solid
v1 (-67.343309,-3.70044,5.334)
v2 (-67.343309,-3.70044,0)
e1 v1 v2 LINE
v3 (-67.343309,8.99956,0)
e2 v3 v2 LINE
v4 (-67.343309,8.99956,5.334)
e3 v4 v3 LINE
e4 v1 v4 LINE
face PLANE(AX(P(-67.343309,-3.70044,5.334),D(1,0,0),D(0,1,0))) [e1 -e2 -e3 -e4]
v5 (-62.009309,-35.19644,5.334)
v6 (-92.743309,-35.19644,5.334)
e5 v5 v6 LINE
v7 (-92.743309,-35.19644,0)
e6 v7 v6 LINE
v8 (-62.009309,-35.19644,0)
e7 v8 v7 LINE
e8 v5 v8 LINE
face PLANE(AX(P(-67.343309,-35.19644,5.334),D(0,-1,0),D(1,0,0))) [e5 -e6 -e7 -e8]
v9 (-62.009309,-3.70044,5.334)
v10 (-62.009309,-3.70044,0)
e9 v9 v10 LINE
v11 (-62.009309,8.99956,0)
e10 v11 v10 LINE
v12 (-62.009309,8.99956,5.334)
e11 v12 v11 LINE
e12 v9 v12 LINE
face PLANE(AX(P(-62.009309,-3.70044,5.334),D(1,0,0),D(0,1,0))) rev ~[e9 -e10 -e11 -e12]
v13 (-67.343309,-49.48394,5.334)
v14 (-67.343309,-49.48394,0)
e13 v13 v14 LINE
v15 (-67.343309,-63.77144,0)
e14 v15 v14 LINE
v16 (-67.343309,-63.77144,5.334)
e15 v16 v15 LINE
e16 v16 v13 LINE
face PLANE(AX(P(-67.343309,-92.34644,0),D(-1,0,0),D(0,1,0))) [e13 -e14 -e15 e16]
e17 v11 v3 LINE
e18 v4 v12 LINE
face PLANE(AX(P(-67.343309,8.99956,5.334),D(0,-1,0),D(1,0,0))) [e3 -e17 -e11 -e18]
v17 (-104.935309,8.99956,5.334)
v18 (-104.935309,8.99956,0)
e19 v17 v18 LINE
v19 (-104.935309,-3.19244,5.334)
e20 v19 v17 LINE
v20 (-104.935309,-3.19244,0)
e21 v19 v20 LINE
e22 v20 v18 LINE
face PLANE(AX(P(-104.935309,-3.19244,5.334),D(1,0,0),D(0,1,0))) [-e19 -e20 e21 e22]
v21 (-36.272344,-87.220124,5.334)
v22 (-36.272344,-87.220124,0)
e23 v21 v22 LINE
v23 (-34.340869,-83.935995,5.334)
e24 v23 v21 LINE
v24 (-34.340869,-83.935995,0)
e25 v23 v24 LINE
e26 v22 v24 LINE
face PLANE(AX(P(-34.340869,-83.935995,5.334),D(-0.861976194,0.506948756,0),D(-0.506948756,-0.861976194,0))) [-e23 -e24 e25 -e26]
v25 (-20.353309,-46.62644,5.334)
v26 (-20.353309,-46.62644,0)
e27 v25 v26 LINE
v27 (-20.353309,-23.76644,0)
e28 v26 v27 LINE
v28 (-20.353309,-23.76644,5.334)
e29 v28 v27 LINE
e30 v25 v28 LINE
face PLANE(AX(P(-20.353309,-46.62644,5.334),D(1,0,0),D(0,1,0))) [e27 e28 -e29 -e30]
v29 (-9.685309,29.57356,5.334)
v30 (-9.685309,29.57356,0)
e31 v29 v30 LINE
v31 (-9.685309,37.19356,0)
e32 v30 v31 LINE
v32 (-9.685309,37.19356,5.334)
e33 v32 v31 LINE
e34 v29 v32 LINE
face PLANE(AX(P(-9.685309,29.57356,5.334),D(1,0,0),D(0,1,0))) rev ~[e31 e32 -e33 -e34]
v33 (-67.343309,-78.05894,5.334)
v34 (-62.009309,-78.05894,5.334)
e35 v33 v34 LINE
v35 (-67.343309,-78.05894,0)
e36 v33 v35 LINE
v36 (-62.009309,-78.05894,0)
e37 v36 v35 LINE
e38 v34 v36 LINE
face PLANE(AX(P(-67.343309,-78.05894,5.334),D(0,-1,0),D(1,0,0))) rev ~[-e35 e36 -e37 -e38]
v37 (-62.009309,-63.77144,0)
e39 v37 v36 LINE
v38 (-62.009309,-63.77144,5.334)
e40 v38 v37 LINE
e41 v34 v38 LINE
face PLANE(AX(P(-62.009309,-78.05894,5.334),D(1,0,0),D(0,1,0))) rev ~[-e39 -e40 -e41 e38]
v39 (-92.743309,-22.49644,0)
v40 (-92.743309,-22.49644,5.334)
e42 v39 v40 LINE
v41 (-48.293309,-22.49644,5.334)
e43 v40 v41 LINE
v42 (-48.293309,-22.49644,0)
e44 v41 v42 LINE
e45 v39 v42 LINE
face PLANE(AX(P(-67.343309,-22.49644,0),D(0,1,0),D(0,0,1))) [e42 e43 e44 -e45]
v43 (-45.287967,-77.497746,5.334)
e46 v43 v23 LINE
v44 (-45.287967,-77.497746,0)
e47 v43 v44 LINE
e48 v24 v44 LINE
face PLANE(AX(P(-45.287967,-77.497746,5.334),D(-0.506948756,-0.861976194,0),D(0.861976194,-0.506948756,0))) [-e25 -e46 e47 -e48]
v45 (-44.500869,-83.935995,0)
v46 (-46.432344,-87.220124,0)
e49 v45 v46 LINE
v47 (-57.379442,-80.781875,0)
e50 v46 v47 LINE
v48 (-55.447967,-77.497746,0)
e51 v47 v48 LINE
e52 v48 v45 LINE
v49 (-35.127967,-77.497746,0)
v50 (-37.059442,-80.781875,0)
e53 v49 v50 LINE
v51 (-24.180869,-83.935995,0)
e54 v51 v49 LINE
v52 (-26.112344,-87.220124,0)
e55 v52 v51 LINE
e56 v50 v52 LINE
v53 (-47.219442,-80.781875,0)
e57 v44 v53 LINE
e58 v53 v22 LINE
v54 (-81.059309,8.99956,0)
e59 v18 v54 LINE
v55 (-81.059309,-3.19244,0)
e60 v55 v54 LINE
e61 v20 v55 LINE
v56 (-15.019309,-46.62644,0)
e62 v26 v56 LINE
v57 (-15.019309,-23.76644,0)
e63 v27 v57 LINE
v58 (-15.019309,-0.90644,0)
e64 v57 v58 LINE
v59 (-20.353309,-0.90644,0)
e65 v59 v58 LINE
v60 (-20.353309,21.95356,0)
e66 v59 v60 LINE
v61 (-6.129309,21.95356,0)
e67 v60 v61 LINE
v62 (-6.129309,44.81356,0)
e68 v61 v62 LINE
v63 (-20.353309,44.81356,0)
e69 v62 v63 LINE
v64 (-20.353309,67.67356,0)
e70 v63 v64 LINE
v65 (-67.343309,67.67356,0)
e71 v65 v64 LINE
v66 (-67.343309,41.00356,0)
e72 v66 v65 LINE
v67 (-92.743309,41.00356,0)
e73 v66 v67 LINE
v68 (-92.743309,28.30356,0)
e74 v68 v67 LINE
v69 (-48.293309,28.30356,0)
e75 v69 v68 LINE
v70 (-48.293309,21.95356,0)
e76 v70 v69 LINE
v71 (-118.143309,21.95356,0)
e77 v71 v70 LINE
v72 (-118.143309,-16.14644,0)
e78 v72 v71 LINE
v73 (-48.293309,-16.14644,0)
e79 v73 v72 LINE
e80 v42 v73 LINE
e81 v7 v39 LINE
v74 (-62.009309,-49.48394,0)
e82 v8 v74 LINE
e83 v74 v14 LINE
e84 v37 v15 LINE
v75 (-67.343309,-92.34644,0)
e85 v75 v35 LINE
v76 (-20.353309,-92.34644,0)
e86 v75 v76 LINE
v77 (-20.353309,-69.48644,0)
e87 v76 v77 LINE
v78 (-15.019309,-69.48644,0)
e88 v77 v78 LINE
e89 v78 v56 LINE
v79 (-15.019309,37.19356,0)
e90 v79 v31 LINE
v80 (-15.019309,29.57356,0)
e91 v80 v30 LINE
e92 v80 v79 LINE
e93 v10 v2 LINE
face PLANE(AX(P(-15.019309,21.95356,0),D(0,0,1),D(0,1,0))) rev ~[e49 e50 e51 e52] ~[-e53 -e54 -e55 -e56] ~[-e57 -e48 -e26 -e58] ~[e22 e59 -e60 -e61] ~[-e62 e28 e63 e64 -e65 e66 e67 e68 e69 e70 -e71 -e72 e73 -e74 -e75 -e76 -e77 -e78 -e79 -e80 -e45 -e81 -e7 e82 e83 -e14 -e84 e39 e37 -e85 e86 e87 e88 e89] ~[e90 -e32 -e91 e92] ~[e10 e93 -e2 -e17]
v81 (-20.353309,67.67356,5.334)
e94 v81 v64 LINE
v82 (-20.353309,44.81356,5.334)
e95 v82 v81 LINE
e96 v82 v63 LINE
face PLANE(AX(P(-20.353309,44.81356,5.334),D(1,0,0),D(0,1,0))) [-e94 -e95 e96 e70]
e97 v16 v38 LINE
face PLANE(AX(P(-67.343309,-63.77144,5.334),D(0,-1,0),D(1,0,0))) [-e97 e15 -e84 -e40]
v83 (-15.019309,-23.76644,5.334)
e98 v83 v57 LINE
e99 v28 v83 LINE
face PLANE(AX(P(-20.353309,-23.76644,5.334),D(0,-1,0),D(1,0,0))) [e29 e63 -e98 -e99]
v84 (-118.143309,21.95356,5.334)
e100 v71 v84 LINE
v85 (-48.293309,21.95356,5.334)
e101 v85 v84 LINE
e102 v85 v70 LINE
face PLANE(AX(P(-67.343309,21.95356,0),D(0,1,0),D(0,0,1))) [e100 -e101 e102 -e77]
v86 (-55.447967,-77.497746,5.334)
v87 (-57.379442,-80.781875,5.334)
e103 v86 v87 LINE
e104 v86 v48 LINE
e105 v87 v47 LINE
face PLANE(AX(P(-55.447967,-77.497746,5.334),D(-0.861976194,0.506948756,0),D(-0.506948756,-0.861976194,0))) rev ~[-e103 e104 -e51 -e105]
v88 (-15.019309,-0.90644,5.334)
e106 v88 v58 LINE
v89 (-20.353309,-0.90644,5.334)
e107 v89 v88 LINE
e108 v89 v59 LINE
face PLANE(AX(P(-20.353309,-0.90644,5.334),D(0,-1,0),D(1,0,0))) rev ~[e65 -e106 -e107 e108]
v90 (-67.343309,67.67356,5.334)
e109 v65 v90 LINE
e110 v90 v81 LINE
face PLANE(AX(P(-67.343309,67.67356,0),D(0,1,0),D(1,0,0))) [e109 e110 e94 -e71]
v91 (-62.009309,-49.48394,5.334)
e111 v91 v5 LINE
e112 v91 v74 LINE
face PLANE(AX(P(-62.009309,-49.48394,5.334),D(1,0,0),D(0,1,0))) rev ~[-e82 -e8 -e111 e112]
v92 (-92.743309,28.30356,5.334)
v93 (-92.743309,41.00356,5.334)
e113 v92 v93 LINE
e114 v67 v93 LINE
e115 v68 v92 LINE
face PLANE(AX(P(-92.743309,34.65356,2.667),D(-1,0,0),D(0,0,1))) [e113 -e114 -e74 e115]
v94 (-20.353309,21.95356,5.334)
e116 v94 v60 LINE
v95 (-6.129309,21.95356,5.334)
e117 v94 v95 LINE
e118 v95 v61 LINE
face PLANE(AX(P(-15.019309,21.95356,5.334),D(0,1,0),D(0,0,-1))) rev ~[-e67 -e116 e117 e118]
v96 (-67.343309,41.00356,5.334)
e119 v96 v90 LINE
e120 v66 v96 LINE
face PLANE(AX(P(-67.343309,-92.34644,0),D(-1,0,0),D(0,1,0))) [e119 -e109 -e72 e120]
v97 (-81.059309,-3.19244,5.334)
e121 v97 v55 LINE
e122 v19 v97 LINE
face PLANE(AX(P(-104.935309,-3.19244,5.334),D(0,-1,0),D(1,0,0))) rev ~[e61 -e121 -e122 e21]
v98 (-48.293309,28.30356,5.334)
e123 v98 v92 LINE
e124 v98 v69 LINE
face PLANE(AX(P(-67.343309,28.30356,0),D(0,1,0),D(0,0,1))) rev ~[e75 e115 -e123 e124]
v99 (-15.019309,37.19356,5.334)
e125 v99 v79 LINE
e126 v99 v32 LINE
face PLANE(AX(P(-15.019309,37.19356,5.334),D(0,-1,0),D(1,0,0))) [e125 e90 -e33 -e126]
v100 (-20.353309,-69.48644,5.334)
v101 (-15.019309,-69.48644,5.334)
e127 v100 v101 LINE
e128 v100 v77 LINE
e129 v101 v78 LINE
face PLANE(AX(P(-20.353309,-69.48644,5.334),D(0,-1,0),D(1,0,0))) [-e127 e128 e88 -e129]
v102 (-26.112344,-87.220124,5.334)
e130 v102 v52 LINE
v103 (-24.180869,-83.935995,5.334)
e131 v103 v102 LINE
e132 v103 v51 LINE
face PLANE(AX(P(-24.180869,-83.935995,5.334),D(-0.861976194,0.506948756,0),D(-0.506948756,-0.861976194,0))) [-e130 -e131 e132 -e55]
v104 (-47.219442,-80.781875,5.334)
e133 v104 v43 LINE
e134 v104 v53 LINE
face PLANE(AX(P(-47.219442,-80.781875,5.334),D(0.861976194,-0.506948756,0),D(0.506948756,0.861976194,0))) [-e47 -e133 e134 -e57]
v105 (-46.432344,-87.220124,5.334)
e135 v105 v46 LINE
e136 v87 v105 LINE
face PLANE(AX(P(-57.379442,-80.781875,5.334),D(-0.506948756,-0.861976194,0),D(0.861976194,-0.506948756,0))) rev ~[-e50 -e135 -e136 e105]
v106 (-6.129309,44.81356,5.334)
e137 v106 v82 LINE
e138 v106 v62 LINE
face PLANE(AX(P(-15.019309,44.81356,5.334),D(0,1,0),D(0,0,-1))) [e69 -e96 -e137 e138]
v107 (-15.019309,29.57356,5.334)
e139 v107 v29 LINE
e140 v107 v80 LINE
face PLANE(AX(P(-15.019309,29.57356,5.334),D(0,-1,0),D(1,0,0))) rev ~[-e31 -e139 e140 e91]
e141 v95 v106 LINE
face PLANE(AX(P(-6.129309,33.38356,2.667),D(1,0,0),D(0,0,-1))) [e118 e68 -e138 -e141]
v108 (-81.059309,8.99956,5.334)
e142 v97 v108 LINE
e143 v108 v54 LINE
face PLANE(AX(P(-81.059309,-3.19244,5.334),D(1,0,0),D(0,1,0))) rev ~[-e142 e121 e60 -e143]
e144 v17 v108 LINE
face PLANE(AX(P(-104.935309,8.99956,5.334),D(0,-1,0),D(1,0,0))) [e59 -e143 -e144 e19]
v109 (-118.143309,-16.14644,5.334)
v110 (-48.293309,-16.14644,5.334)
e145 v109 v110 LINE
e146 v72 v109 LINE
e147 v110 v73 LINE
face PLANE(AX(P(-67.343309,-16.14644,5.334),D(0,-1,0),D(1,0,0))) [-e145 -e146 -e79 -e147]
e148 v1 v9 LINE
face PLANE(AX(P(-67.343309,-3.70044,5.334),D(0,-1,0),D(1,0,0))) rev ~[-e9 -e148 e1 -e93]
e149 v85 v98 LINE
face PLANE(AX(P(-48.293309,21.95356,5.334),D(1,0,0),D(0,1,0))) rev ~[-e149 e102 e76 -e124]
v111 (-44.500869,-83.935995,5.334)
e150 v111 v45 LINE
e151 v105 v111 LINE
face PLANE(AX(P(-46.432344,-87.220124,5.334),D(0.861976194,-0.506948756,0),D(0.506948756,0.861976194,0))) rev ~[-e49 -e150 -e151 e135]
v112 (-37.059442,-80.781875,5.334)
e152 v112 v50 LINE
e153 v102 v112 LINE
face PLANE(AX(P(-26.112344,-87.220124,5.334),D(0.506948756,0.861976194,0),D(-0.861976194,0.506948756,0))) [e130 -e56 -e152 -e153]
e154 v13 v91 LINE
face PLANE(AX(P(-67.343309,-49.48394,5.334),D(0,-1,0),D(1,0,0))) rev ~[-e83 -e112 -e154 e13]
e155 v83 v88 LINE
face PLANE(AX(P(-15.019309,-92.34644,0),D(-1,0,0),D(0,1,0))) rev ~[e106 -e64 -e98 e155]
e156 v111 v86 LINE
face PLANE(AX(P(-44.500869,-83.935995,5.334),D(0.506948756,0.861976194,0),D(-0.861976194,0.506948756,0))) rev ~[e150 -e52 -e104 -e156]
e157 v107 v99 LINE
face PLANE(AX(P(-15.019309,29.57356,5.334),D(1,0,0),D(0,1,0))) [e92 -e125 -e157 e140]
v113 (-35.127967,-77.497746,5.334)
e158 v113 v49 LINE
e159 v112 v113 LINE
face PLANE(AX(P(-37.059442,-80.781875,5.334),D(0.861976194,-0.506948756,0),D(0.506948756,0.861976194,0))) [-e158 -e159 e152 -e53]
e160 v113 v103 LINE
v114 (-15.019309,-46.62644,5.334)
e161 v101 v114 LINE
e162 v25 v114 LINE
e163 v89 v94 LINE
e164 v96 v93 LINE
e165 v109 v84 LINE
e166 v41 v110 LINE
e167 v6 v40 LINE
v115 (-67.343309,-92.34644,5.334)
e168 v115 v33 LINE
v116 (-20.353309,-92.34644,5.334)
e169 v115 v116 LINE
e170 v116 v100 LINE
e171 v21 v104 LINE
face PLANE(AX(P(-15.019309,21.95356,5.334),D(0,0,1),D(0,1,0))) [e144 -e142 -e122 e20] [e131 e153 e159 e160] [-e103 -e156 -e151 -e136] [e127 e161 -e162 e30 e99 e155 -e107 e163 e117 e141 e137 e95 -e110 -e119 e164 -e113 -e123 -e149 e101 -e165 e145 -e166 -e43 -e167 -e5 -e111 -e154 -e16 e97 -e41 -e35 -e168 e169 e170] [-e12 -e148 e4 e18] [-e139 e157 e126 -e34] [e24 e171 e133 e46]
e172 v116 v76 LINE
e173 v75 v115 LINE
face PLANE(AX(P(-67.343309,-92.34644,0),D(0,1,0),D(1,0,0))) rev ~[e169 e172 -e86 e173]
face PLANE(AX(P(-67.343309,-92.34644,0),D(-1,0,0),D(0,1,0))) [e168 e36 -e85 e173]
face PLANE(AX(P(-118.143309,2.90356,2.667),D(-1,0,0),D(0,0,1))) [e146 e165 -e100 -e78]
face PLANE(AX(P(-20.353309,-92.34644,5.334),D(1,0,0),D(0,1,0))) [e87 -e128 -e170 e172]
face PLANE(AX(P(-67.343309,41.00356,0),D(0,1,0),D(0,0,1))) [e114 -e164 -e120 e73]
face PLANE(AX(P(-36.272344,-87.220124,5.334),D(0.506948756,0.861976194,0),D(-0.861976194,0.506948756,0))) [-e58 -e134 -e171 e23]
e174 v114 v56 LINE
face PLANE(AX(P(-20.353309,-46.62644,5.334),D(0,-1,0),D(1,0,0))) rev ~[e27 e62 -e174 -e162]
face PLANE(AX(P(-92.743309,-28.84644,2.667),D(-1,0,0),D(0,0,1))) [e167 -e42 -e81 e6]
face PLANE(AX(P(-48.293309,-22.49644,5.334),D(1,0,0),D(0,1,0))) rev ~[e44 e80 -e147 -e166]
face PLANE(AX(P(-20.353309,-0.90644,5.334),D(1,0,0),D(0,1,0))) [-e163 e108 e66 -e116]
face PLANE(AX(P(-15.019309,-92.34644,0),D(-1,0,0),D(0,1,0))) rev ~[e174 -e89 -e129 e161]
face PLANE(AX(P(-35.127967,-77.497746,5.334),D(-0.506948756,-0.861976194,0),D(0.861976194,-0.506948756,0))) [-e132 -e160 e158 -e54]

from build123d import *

# Parameters (mm, degrees)
SKETCH1_W           = 52.324
SKETCH1_H           = 160.02
BOSS_EXTRUDE1_DEPTH = 5.334
SKETCH2_W           = 5.334
SKETCH2_H           = 22.86
CUT_EXTRUDE1_DEPTH  = 115.417820658
SKETCH3_W           = 5.334
SKETCH3_H           = 38.1
BOSS_EXTRUDE2_DEPTH = 50.8
SKETCH4_W           = 23.876
SKETCH4_H           = 12.192
CUT_EXTRUDE2_DEPTH  = 151.047185381
SKETCH5_W           = 19.05
SKETCH5_H           = 6.35
CUT_EXTRUDE3_DEPTH  = 151.047185381
SKETCH6_W           = 5.334
SKETCH6_H           = 12.7
BOSS_EXTRUDE3_DEPTH = 25.4
SKETCH7_W           = 5.334
SKETCH7_H           = 12.7
BOSS_EXTRUDE4_DEPTH = 25.4
SKETCH8_W           = 5.334
SKETCH8_H           = 14.2875
CUT_EXTRUDE4_DEPTH  = 151.047185381
SKETCH9_W           = 5.334
SKETCH9_H           = 12.7
CUT_EXTRUDE5_DEPTH  = 151.047185381
CUT_EXTRUDE6_DEPTH  = 151.047185381
SKETCH11_W          = 5.334
SKETCH11_H          = 22.86
BOSS_EXTRUDE5_DEPTH = 8.89
SKETCH12_W          = 5.334
SKETCH12_H          = 7.62
CUT_EXTRUDE7_DEPTH  = 151.047185381


with BuildPart() as part:
    # Sketch1 → Boss-Extrude1 (new body)
    with BuildSketch(Plane.XY):
        with Locations((-41.181308627, -12.336439624)):
            Rectangle(SKETCH1_W, SKETCH1_H)
    extrude(amount=BOSS_EXTRUDE1_DEPTH)

    # Sketch2 → Cut-Extrude1 (cut, through all)
    with BuildSketch(Plane.XY.offset(5.334)):
        with Locations((-17.686308627, 56.243560376)):
            Rectangle(SKETCH2_W, SKETCH2_H)
        with Locations((-17.686308627, 10.523560376)):
            Rectangle(SKETCH2_W, SKETCH2_H)
        with Locations((-17.686308627, -35.196439624)):
            Rectangle(SKETCH2_W, SKETCH2_H)
        with Locations((-17.686308627, -80.916439624)):
            Rectangle(SKETCH2_W, SKETCH2_H)
    extrude(amount=-CUT_EXTRUDE1_DEPTH, mode=Mode.SUBTRACT)

    # Sketch3 → Boss-Extrude2 (add)
    with BuildSketch(Plane.ZY.offset(67.343308627)):
        with Locations((2.667, 2.903560376)):
            Rectangle(SKETCH3_W, SKETCH3_H)
    extrude(amount=BOSS_EXTRUDE2_DEPTH)

    # Sketch4 → Cut-Extrude2 (cut, through all)
    with BuildSketch(Plane.XY.offset(5.334)):
        with Locations((-92.997308627, 2.903560376)):
            Rectangle(SKETCH4_W, SKETCH4_H)
    extrude(amount=-CUT_EXTRUDE2_DEPTH, mode=Mode.SUBTRACT)

    # Sketch5 → Cut-Extrude3 (cut, through all)
    with BuildSketch(Plane.XY.offset(5.334)):
        with Locations((-57.818308627, 25.128560376)):
            Rectangle(SKETCH5_W, SKETCH5_H)
        with Locations((-57.818308627, -19.321439624)):
            Rectangle(SKETCH5_W, SKETCH5_H)
    extrude(amount=-CUT_EXTRUDE3_DEPTH, mode=Mode.SUBTRACT)

    # Sketch6 → Boss-Extrude3 (add)
    with BuildSketch(Plane.ZY.offset(67.343308627)):
        with Locations((2.667, 34.653560376)):
            Rectangle(SKETCH6_W, SKETCH6_H)
    extrude(amount=BOSS_EXTRUDE3_DEPTH)

    # Sketch7 → Boss-Extrude4 (add)
    with BuildSketch(Plane.ZY.offset(67.343308627)):
        with Locations((2.667, -28.846439624)):
            Rectangle(SKETCH7_W, SKETCH7_H)
    extrude(amount=BOSS_EXTRUDE4_DEPTH)

    # Sketch8 → Cut-Extrude4 (cut, through all)
    with BuildSketch(Plane.XY.offset(5.334)):
        with Locations((-64.676308627, -42.340189624)):
            Rectangle(SKETCH8_W, SKETCH8_H)
        with Locations((-64.676308627, -70.915189624)):
            Rectangle(SKETCH8_W, SKETCH8_H)
    extrude(amount=-CUT_EXTRUDE4_DEPTH, mode=Mode.SUBTRACT)

    # Sketch9 → Cut-Extrude5 (cut, through all)
    with BuildSketch(Plane.XY.offset(5.334)):
        with Locations((-64.676308627, 2.649560376)):
            Rectangle(SKETCH9_W, SKETCH9_H)
    extrude(amount=-CUT_EXTRUDE5_DEPTH, mode=Mode.SUBTRACT)

    # Sketch10 → Cut-Extrude6 (cut, through all)
    with BuildSketch(Plane.XY.offset(5.334)):
        Polygon((-57.379441561, -80.781874862), (-46.432343901, -87.220124068), (-44.50086914, -83.93599477), (-55.447966799, -77.497745564), align=None)
        Polygon((-45.287966799, -77.497745564), (-34.34086914, -83.93599477), (-36.272343901, -87.220124068), (-47.219441561, -80.781874862), align=None)
        Polygon((-35.127966799, -77.497745564), (-24.18086914, -83.93599477), (-26.112343901, -87.220124068), (-37.059441561, -80.781874862), align=None)
    extrude(amount=-CUT_EXTRUDE6_DEPTH, mode=Mode.SUBTRACT)

    # Sketch11 → Boss-Extrude5 (add)
    with BuildSketch(Plane(origin=(-15.019308627, 0, 0), x_dir=(0, 0, -1), z_dir=(1, 0, 0))):
        with Locations((-2.667, 33.383560376)):
            Rectangle(SKETCH11_W, SKETCH11_H)
    extrude(amount=BOSS_EXTRUDE5_DEPTH)

    # Sketch12 → Cut-Extrude7 (cut, through all)
    with BuildSketch(Plane.XY.offset(5.334)):
        with Locations((-12.352308627, 33.383560376)):
            Rectangle(SKETCH12_W, SKETCH12_H)
    extrude(amount=-CUT_EXTRUDE7_DEPTH, mode=Mode.SUBTRACT)


solid = part.part
